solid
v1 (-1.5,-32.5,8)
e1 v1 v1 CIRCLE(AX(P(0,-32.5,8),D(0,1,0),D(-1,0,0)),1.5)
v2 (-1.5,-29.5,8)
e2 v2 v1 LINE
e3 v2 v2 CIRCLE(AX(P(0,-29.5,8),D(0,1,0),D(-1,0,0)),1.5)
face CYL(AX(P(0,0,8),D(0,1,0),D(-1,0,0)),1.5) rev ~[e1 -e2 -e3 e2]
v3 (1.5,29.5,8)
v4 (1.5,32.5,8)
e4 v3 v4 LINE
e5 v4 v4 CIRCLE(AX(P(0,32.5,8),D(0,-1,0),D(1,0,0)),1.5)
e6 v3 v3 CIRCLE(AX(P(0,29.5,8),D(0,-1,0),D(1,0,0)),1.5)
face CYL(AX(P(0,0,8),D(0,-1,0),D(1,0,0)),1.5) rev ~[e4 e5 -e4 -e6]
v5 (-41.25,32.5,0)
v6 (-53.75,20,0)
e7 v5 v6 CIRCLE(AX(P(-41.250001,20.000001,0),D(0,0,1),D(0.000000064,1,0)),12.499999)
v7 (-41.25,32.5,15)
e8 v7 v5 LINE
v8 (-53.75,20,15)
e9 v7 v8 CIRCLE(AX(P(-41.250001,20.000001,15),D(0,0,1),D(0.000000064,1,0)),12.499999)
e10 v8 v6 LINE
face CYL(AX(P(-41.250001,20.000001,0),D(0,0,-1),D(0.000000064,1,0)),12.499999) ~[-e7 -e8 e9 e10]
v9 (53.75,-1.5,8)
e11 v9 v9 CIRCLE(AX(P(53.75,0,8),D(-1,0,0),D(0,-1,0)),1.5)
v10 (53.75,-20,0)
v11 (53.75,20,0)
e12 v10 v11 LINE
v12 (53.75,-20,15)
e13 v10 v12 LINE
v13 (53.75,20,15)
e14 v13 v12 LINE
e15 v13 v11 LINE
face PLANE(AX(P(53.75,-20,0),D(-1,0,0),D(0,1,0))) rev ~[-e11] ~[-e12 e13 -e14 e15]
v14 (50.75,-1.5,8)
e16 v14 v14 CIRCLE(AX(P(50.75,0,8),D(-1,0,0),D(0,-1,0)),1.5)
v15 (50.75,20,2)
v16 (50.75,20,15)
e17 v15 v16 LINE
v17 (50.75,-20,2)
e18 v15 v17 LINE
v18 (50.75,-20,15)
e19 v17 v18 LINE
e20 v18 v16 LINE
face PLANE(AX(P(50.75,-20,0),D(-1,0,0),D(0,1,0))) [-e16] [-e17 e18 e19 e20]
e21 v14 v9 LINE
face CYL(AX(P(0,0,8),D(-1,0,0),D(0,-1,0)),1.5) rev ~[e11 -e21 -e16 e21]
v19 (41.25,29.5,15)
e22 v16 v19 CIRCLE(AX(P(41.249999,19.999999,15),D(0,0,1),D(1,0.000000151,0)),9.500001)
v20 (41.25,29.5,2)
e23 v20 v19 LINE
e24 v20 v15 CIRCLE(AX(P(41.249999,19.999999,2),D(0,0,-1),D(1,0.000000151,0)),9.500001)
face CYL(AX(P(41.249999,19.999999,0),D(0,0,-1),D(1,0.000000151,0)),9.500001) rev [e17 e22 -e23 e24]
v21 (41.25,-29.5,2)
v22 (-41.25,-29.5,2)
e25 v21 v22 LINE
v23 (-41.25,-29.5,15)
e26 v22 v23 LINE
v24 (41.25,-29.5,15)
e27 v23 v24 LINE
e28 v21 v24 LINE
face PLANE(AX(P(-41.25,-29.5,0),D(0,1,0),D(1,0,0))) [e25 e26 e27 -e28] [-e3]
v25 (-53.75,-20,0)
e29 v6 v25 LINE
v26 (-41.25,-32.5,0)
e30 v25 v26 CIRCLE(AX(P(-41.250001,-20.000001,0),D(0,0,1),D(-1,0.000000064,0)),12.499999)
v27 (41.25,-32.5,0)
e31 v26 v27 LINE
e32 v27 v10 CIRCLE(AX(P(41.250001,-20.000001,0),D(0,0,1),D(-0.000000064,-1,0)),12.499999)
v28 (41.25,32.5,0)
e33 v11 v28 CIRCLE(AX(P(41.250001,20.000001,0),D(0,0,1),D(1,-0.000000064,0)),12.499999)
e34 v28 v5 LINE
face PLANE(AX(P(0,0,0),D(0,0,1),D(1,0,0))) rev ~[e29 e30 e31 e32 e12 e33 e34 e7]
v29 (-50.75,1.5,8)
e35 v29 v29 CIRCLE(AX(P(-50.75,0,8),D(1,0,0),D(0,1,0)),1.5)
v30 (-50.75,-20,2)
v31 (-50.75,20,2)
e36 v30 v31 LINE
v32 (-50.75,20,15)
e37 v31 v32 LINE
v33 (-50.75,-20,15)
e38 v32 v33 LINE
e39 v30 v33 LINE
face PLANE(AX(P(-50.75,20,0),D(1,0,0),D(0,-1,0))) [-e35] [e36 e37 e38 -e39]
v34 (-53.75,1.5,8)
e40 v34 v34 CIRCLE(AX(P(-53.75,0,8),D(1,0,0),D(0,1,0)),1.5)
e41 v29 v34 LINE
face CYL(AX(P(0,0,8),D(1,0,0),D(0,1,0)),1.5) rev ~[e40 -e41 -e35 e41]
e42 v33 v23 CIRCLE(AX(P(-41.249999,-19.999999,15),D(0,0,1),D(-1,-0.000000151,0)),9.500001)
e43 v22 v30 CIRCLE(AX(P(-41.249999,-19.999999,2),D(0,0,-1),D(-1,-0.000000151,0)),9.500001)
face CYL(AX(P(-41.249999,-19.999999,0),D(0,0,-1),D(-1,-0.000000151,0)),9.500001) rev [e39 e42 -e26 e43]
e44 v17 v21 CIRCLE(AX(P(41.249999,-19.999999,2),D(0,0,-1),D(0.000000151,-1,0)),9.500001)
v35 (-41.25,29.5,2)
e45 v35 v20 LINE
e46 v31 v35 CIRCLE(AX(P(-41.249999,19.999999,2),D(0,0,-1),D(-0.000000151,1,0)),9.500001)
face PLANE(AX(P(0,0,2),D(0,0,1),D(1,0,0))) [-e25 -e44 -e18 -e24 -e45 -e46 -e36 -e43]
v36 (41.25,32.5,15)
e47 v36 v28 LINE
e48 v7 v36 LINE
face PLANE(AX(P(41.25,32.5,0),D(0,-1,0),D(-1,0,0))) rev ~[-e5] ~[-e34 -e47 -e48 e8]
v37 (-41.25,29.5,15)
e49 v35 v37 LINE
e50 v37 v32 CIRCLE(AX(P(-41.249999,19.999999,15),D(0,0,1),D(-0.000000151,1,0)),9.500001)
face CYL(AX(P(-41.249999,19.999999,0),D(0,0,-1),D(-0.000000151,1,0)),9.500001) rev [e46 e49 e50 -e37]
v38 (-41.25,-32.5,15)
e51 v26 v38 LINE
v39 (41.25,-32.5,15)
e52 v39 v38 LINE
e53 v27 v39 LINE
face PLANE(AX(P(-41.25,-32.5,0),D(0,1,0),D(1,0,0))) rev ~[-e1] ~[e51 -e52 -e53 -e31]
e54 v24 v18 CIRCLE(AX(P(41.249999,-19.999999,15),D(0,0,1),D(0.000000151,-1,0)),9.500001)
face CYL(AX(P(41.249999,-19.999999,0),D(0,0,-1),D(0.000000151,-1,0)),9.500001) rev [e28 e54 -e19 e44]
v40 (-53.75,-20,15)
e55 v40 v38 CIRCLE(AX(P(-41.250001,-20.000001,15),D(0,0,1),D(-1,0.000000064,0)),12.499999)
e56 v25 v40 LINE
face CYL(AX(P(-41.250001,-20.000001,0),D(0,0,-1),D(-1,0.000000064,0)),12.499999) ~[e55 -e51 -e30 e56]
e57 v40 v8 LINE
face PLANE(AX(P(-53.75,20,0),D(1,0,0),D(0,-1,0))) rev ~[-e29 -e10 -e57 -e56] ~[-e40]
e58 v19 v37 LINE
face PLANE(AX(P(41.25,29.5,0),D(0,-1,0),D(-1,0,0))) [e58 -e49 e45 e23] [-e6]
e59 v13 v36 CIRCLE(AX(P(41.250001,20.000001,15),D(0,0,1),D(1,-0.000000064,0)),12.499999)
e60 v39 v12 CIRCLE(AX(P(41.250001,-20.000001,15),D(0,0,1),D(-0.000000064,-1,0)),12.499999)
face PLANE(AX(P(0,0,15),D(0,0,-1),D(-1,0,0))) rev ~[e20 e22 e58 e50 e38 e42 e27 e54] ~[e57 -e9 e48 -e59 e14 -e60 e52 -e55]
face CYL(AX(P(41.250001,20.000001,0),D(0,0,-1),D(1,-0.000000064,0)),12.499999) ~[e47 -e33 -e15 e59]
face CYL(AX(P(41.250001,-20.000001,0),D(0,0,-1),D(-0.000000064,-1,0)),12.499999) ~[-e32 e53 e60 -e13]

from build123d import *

# Parameters (mm, degrees)
PAD001_DEPTH       = 2
PAD003_DEPTH       = 15
SKETCH_R           = 1.5
POCKET_DEPTH       = 285.532619
POLARPATTERN_COUNT = 4


with BuildPart() as part:
    # Sketch001 → Pad001 (new body)
    with BuildSketch(Plane.XY):
        with BuildLine():
            Line((-53.75, 20), (-53.75, -20))
            ThreePointArc((-53.75, -20), (-50.088835, -28.838835), (-41.25, -32.5))
            Line((-41.25, -32.5), (41.25, -32.5))
            ThreePointArc((41.25, -32.5), (50.088835, -28.838835), (53.75, -20))
            Line((53.75, -20), (53.75, 20))
            ThreePointArc((53.75, 20), (50.088835, 28.838835), (41.25, 32.5))
            Line((41.25, 32.5), (-41.25, 32.5))
            ThreePointArc((-41.25, 32.5), (-50.088835, 28.838835), (-53.75, 20))
        make_face()
    extrude(amount=PAD001_DEPTH)

    # Sketch003 → Pad003 (join)
    with BuildSketch(Plane.XY):
        with BuildLine():
            Line((-41.25, 32.5), (41.25, 32.5))
            ThreePointArc((53.75, 20), (50.088835, 28.838835), (41.25, 32.5))
            Line((53.75, 20), (53.75, -20))
            ThreePointArc((41.25, -32.5), (50.088835, -28.838835), (53.75, -20))
            Line((41.25, -32.5), (-41.25, -32.5))
            ThreePointArc((-53.75, -20), (-50.088835, -28.838835), (-41.25, -32.5))
            Line((-53.75, -20), (-53.75, 20))
            ThreePointArc((-41.25, 32.5), (-50.088835, 28.838835), (-53.75, 20))
        make_face()
        with BuildLine():
            Line((-50.75, 20), (-50.75, -20))
            ThreePointArc((-50.75, -20), (-47.967514, -26.717514), (-41.25, -29.5))
            Line((-41.25, -29.5), (41.25, -29.5))
            ThreePointArc((41.25, -29.5), (47.967514, -26.717514), (50.75, -20))
            Line((50.75, -20), (50.75, 20))
            ThreePointArc((50.75, 20), (47.967514, 26.717514), (41.25, 29.5))
            Line((41.25, 29.5), (-41.25, 29.5))
            ThreePointArc((-41.25, 29.5), (-47.967514, 26.717514), (-50.75, 20))
        make_face(mode=Mode.SUBTRACT)
    extrude(amount=PAD003_DEPTH)

    # Sketch → Pocket (cut, through all)
    with BuildSketch(Plane.XZ):
        with Locations((0, 8)):
            Circle(SKETCH_R)
    pocket = extrude(amount=-POCKET_DEPTH, mode=Mode.SUBTRACT)

    # PolarPattern: Pocket ×4 about axis
    polarpattern_axis = Axis((0, 0, 0), (0, 0, 1))
    for i in range(1, POLARPATTERN_COUNT):
        add(pocket.rotate(polarpattern_axis, i * 360 / POLARPATTERN_COUNT), mode=Mode.SUBTRACT)


solid = part.part
